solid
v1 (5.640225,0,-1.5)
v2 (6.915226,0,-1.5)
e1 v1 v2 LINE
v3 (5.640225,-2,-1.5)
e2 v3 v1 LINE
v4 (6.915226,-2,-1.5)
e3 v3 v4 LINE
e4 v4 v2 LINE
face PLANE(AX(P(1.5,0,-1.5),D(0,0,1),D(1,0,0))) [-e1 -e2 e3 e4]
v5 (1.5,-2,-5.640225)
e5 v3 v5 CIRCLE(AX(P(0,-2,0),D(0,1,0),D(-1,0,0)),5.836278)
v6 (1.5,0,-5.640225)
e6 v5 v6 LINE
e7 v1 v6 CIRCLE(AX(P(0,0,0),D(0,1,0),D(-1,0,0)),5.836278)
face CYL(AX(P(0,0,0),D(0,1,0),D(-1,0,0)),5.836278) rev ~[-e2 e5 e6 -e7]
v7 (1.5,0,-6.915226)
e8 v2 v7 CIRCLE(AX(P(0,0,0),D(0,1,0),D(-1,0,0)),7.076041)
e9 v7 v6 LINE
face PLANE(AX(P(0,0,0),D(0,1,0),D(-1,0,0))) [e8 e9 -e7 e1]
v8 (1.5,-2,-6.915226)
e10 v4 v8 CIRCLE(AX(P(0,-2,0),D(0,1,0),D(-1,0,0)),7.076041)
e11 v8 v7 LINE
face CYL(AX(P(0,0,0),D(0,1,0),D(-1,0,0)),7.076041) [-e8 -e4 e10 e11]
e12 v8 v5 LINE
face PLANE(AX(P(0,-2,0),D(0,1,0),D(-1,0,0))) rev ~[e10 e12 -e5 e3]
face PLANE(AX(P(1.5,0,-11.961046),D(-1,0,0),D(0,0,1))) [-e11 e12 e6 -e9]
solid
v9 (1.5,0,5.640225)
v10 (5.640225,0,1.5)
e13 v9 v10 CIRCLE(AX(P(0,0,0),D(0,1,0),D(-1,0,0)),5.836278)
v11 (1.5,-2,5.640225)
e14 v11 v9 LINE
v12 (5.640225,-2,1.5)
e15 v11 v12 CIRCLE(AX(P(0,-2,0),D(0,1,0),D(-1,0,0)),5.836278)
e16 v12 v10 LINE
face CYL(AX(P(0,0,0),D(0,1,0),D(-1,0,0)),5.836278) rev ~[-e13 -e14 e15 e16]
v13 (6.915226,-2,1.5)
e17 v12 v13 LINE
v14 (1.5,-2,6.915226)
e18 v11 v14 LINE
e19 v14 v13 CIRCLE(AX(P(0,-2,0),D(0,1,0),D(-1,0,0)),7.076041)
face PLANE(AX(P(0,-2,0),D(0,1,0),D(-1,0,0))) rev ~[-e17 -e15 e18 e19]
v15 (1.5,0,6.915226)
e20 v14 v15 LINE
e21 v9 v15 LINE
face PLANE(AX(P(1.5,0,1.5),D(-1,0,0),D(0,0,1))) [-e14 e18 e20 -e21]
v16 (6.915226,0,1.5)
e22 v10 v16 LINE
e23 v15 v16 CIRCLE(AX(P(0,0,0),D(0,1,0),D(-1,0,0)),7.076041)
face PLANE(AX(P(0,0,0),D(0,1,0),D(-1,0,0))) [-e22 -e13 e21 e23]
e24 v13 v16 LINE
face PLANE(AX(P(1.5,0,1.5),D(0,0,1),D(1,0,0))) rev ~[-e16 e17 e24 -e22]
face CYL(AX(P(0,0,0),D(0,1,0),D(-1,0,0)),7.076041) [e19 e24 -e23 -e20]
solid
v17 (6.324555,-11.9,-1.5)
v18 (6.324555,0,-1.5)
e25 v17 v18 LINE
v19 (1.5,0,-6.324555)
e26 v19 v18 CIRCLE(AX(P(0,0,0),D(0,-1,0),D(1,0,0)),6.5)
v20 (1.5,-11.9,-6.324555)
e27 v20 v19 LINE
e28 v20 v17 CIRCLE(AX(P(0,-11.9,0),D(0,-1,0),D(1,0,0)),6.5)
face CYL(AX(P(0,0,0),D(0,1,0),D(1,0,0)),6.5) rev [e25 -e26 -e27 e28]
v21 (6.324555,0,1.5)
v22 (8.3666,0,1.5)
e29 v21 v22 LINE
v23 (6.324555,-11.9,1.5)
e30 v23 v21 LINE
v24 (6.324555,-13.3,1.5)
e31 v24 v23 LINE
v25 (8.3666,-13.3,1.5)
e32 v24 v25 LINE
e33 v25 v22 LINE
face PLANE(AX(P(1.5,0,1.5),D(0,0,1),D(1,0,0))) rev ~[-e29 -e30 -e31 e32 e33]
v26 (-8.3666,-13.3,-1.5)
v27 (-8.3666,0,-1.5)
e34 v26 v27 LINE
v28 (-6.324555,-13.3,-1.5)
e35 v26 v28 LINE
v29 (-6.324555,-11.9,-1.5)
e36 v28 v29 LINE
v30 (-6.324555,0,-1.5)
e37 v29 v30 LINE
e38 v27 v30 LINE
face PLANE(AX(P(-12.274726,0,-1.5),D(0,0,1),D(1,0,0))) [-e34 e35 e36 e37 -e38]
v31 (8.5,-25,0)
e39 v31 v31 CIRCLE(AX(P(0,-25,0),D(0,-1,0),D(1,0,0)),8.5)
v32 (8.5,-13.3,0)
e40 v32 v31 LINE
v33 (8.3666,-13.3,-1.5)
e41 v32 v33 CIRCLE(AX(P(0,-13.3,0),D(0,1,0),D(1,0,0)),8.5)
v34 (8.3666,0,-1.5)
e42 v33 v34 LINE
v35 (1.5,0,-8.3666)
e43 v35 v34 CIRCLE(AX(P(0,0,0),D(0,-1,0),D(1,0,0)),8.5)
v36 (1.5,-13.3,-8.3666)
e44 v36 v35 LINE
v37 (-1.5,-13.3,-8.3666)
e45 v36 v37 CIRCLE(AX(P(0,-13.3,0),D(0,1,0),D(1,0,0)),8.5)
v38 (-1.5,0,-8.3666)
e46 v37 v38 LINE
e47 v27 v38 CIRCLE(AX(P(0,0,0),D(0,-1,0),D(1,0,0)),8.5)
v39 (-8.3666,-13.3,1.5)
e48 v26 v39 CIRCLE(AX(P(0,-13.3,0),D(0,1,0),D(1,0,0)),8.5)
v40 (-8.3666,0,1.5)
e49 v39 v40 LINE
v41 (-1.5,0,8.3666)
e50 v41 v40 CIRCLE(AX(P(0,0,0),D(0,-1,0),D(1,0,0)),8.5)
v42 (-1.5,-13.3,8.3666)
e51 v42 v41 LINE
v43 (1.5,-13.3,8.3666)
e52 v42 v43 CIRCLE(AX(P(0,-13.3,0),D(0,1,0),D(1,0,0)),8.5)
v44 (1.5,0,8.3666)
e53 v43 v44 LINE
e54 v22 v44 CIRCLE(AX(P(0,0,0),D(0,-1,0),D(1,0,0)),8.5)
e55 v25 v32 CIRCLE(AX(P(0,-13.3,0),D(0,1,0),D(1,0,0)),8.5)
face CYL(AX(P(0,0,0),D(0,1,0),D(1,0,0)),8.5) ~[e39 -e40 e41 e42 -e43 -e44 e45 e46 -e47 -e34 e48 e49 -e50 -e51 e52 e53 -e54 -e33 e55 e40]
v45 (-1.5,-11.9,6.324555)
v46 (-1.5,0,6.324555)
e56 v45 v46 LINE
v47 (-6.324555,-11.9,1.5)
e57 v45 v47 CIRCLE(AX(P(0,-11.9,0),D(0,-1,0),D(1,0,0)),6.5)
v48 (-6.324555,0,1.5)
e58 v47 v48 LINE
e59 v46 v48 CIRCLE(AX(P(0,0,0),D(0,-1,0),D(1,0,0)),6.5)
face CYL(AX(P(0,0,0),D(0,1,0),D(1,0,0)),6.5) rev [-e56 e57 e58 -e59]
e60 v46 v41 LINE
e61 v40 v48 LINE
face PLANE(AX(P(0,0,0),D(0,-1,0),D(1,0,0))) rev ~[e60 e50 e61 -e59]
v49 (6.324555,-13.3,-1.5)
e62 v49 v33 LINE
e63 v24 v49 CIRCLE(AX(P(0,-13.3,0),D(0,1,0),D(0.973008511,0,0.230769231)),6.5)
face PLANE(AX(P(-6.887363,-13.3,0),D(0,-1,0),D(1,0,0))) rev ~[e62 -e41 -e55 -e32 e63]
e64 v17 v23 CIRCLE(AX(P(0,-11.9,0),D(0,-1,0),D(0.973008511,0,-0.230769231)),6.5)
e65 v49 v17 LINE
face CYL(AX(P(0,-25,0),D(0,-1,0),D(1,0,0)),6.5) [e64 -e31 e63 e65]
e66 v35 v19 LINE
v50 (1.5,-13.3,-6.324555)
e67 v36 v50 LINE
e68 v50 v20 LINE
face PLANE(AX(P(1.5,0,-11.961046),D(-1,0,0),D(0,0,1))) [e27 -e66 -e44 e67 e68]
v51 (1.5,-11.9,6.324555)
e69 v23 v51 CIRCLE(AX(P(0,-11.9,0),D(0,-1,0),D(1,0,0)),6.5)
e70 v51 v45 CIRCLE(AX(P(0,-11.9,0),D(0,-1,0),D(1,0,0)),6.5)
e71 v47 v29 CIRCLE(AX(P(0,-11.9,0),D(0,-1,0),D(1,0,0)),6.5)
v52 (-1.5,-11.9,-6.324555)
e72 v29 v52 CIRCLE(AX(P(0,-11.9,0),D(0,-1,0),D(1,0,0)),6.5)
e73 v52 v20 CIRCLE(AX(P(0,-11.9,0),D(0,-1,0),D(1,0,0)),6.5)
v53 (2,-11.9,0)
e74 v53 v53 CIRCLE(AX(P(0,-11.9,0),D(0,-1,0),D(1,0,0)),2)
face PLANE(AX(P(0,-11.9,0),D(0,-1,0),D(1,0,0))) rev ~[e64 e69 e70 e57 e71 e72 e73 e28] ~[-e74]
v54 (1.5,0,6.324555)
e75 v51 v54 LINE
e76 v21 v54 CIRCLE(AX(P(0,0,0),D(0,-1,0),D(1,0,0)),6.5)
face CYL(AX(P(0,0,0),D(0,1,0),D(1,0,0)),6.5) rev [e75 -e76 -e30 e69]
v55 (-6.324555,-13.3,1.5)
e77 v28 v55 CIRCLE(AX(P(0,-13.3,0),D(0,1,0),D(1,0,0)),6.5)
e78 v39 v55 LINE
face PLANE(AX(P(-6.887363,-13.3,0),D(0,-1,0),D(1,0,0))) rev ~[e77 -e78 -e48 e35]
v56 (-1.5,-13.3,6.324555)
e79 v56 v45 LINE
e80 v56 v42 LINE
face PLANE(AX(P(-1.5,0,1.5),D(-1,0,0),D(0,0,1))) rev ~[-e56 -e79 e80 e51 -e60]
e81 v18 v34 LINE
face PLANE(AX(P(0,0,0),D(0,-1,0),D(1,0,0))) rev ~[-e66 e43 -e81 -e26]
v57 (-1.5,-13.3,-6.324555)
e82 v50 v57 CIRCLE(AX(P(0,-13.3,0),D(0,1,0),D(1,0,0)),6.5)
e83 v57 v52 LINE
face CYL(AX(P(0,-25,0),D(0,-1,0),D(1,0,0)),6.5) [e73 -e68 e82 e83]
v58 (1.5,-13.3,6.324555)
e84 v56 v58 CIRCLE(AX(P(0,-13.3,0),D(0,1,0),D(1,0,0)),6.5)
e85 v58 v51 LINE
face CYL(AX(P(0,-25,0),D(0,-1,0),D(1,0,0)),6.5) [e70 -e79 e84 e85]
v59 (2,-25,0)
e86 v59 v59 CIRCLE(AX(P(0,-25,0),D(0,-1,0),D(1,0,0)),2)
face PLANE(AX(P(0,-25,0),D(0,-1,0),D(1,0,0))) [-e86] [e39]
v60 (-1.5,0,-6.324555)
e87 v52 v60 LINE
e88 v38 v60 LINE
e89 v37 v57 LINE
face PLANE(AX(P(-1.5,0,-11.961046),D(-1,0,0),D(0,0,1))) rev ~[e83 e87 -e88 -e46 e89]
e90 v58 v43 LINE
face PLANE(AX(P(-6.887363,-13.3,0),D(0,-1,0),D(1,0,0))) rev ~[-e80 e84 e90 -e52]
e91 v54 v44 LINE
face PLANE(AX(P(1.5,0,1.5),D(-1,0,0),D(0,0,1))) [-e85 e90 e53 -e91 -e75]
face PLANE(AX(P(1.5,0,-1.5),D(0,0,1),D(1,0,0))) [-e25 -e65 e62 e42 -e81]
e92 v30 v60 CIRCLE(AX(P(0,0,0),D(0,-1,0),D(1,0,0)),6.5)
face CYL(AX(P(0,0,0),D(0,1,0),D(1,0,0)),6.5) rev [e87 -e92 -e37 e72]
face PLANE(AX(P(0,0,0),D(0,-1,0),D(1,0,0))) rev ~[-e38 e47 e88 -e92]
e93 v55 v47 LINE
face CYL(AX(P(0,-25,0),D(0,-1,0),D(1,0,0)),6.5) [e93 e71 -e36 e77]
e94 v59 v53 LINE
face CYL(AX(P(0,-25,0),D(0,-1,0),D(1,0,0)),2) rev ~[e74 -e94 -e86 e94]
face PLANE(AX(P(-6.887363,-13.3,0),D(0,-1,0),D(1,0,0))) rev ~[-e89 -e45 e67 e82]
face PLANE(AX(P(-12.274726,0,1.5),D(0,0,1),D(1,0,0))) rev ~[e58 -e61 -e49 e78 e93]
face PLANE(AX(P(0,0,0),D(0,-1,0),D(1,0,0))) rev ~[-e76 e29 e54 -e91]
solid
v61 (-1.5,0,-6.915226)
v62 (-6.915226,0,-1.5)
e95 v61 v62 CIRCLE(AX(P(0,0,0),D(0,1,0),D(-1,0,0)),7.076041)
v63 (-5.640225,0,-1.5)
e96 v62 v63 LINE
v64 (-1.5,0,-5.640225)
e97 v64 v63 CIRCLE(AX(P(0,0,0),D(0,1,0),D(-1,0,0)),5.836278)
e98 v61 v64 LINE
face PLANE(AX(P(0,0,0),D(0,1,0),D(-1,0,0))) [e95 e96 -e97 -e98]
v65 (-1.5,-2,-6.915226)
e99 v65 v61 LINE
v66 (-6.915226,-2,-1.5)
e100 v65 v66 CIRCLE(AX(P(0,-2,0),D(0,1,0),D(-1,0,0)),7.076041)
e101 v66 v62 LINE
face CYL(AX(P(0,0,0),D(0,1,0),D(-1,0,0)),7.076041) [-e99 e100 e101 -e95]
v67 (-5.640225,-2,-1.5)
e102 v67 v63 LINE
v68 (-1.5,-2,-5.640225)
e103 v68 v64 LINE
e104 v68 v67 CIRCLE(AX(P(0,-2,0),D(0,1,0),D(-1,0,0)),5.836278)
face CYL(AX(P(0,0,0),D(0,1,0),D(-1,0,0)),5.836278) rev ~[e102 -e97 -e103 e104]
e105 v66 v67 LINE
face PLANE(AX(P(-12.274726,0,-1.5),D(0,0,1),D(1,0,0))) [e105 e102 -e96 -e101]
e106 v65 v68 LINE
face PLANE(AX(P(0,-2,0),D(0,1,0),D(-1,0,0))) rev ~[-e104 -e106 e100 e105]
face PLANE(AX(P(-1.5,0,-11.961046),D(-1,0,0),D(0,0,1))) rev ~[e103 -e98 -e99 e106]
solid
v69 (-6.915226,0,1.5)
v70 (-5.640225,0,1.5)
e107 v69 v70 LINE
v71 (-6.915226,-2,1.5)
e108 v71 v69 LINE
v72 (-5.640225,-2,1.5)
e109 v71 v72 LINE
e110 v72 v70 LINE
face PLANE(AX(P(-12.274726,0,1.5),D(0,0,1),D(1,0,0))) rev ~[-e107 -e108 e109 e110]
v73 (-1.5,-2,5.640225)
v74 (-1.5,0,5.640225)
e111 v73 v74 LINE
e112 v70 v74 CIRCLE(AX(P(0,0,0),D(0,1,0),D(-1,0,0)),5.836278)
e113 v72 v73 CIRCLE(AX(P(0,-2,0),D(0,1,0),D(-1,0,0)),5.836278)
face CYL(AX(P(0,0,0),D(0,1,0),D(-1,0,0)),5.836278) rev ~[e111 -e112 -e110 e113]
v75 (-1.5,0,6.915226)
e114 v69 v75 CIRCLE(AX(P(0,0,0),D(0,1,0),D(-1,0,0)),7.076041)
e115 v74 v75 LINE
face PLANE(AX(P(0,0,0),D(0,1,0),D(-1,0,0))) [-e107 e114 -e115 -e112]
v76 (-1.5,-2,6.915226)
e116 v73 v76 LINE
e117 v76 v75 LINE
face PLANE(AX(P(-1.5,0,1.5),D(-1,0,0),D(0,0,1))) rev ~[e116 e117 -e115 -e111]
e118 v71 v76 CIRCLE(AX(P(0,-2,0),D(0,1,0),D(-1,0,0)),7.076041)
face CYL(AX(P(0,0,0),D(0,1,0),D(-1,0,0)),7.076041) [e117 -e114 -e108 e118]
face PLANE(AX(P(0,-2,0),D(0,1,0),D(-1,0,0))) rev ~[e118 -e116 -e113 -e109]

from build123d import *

# Parameters (mm, degrees)
F0_R     = 8.5
F0_R_2   = 6.5
F1_DEPTH = 25
F2_R     = 7.076041
F2_R_2   = 5.836278
F3_DEPTH = 2
F4_W     = 10.774727
F4_H     = 3
F4_W_2   = 3
F4_H_2   = 10.461046
F5_DEPTH = 13.3
F6_R     = 6.5
F6_R_2   = 2
F7_DEPTH = 13.1


with BuildPart() as f1:
    # F0 (on Front) → F1 (new body)
    with BuildSketch(Plane.XZ):
        Circle(F0_R)
        Circle(F0_R_2, mode=Mode.SUBTRACT)
    extrude(amount=F1_DEPTH)


with BuildPart() as f3:
    # F2 (on face) → F3 (new body)
    with BuildSketch(Plane(origin=(0, 0, 0), x_dir=(-1, 0, 0), z_dir=(0, 1, 0))):
        Circle(F2_R)
        Circle(F2_R_2, mode=Mode.SUBTRACT)
    extrude(amount=-F3_DEPTH)


with BuildPart() as f5_tool:
    # F4 (on Front) → F5 (new body)
    with BuildSketch(Plane.XZ):
        with Locations((-6.887363, 0)):
            Rectangle(F4_W, F4_H)
        with Locations((0, 6.730523)):
            Rectangle(F4_W_2, F4_H_2)
        with Locations((6.887363, 0)):
            Rectangle(F4_W, F4_H)
        with Locations((0, -6.730523)):
            Rectangle(F4_W_2, F4_H_2)
    extrude(amount=F5_DEPTH)


with BuildPart() as f1_1:
    add(f1.part)

    # F5: cut by f5_tool
    add(f5_tool.part, mode=Mode.SUBTRACT)

    # F6 (on face) → F7 (join)
    with BuildSketch(Plane.XZ.offset(25)):
        Circle(F6_R)
        Circle(F6_R_2, mode=Mode.SUBTRACT)
    extrude(amount=-F7_DEPTH)


with BuildPart() as f3_1:
    add(f3.part)

    # F5: cut by f5_tool
    add(f5_tool.part, mode=Mode.SUBTRACT)


solid = Compound([f1_1.part, f3_1.part])
